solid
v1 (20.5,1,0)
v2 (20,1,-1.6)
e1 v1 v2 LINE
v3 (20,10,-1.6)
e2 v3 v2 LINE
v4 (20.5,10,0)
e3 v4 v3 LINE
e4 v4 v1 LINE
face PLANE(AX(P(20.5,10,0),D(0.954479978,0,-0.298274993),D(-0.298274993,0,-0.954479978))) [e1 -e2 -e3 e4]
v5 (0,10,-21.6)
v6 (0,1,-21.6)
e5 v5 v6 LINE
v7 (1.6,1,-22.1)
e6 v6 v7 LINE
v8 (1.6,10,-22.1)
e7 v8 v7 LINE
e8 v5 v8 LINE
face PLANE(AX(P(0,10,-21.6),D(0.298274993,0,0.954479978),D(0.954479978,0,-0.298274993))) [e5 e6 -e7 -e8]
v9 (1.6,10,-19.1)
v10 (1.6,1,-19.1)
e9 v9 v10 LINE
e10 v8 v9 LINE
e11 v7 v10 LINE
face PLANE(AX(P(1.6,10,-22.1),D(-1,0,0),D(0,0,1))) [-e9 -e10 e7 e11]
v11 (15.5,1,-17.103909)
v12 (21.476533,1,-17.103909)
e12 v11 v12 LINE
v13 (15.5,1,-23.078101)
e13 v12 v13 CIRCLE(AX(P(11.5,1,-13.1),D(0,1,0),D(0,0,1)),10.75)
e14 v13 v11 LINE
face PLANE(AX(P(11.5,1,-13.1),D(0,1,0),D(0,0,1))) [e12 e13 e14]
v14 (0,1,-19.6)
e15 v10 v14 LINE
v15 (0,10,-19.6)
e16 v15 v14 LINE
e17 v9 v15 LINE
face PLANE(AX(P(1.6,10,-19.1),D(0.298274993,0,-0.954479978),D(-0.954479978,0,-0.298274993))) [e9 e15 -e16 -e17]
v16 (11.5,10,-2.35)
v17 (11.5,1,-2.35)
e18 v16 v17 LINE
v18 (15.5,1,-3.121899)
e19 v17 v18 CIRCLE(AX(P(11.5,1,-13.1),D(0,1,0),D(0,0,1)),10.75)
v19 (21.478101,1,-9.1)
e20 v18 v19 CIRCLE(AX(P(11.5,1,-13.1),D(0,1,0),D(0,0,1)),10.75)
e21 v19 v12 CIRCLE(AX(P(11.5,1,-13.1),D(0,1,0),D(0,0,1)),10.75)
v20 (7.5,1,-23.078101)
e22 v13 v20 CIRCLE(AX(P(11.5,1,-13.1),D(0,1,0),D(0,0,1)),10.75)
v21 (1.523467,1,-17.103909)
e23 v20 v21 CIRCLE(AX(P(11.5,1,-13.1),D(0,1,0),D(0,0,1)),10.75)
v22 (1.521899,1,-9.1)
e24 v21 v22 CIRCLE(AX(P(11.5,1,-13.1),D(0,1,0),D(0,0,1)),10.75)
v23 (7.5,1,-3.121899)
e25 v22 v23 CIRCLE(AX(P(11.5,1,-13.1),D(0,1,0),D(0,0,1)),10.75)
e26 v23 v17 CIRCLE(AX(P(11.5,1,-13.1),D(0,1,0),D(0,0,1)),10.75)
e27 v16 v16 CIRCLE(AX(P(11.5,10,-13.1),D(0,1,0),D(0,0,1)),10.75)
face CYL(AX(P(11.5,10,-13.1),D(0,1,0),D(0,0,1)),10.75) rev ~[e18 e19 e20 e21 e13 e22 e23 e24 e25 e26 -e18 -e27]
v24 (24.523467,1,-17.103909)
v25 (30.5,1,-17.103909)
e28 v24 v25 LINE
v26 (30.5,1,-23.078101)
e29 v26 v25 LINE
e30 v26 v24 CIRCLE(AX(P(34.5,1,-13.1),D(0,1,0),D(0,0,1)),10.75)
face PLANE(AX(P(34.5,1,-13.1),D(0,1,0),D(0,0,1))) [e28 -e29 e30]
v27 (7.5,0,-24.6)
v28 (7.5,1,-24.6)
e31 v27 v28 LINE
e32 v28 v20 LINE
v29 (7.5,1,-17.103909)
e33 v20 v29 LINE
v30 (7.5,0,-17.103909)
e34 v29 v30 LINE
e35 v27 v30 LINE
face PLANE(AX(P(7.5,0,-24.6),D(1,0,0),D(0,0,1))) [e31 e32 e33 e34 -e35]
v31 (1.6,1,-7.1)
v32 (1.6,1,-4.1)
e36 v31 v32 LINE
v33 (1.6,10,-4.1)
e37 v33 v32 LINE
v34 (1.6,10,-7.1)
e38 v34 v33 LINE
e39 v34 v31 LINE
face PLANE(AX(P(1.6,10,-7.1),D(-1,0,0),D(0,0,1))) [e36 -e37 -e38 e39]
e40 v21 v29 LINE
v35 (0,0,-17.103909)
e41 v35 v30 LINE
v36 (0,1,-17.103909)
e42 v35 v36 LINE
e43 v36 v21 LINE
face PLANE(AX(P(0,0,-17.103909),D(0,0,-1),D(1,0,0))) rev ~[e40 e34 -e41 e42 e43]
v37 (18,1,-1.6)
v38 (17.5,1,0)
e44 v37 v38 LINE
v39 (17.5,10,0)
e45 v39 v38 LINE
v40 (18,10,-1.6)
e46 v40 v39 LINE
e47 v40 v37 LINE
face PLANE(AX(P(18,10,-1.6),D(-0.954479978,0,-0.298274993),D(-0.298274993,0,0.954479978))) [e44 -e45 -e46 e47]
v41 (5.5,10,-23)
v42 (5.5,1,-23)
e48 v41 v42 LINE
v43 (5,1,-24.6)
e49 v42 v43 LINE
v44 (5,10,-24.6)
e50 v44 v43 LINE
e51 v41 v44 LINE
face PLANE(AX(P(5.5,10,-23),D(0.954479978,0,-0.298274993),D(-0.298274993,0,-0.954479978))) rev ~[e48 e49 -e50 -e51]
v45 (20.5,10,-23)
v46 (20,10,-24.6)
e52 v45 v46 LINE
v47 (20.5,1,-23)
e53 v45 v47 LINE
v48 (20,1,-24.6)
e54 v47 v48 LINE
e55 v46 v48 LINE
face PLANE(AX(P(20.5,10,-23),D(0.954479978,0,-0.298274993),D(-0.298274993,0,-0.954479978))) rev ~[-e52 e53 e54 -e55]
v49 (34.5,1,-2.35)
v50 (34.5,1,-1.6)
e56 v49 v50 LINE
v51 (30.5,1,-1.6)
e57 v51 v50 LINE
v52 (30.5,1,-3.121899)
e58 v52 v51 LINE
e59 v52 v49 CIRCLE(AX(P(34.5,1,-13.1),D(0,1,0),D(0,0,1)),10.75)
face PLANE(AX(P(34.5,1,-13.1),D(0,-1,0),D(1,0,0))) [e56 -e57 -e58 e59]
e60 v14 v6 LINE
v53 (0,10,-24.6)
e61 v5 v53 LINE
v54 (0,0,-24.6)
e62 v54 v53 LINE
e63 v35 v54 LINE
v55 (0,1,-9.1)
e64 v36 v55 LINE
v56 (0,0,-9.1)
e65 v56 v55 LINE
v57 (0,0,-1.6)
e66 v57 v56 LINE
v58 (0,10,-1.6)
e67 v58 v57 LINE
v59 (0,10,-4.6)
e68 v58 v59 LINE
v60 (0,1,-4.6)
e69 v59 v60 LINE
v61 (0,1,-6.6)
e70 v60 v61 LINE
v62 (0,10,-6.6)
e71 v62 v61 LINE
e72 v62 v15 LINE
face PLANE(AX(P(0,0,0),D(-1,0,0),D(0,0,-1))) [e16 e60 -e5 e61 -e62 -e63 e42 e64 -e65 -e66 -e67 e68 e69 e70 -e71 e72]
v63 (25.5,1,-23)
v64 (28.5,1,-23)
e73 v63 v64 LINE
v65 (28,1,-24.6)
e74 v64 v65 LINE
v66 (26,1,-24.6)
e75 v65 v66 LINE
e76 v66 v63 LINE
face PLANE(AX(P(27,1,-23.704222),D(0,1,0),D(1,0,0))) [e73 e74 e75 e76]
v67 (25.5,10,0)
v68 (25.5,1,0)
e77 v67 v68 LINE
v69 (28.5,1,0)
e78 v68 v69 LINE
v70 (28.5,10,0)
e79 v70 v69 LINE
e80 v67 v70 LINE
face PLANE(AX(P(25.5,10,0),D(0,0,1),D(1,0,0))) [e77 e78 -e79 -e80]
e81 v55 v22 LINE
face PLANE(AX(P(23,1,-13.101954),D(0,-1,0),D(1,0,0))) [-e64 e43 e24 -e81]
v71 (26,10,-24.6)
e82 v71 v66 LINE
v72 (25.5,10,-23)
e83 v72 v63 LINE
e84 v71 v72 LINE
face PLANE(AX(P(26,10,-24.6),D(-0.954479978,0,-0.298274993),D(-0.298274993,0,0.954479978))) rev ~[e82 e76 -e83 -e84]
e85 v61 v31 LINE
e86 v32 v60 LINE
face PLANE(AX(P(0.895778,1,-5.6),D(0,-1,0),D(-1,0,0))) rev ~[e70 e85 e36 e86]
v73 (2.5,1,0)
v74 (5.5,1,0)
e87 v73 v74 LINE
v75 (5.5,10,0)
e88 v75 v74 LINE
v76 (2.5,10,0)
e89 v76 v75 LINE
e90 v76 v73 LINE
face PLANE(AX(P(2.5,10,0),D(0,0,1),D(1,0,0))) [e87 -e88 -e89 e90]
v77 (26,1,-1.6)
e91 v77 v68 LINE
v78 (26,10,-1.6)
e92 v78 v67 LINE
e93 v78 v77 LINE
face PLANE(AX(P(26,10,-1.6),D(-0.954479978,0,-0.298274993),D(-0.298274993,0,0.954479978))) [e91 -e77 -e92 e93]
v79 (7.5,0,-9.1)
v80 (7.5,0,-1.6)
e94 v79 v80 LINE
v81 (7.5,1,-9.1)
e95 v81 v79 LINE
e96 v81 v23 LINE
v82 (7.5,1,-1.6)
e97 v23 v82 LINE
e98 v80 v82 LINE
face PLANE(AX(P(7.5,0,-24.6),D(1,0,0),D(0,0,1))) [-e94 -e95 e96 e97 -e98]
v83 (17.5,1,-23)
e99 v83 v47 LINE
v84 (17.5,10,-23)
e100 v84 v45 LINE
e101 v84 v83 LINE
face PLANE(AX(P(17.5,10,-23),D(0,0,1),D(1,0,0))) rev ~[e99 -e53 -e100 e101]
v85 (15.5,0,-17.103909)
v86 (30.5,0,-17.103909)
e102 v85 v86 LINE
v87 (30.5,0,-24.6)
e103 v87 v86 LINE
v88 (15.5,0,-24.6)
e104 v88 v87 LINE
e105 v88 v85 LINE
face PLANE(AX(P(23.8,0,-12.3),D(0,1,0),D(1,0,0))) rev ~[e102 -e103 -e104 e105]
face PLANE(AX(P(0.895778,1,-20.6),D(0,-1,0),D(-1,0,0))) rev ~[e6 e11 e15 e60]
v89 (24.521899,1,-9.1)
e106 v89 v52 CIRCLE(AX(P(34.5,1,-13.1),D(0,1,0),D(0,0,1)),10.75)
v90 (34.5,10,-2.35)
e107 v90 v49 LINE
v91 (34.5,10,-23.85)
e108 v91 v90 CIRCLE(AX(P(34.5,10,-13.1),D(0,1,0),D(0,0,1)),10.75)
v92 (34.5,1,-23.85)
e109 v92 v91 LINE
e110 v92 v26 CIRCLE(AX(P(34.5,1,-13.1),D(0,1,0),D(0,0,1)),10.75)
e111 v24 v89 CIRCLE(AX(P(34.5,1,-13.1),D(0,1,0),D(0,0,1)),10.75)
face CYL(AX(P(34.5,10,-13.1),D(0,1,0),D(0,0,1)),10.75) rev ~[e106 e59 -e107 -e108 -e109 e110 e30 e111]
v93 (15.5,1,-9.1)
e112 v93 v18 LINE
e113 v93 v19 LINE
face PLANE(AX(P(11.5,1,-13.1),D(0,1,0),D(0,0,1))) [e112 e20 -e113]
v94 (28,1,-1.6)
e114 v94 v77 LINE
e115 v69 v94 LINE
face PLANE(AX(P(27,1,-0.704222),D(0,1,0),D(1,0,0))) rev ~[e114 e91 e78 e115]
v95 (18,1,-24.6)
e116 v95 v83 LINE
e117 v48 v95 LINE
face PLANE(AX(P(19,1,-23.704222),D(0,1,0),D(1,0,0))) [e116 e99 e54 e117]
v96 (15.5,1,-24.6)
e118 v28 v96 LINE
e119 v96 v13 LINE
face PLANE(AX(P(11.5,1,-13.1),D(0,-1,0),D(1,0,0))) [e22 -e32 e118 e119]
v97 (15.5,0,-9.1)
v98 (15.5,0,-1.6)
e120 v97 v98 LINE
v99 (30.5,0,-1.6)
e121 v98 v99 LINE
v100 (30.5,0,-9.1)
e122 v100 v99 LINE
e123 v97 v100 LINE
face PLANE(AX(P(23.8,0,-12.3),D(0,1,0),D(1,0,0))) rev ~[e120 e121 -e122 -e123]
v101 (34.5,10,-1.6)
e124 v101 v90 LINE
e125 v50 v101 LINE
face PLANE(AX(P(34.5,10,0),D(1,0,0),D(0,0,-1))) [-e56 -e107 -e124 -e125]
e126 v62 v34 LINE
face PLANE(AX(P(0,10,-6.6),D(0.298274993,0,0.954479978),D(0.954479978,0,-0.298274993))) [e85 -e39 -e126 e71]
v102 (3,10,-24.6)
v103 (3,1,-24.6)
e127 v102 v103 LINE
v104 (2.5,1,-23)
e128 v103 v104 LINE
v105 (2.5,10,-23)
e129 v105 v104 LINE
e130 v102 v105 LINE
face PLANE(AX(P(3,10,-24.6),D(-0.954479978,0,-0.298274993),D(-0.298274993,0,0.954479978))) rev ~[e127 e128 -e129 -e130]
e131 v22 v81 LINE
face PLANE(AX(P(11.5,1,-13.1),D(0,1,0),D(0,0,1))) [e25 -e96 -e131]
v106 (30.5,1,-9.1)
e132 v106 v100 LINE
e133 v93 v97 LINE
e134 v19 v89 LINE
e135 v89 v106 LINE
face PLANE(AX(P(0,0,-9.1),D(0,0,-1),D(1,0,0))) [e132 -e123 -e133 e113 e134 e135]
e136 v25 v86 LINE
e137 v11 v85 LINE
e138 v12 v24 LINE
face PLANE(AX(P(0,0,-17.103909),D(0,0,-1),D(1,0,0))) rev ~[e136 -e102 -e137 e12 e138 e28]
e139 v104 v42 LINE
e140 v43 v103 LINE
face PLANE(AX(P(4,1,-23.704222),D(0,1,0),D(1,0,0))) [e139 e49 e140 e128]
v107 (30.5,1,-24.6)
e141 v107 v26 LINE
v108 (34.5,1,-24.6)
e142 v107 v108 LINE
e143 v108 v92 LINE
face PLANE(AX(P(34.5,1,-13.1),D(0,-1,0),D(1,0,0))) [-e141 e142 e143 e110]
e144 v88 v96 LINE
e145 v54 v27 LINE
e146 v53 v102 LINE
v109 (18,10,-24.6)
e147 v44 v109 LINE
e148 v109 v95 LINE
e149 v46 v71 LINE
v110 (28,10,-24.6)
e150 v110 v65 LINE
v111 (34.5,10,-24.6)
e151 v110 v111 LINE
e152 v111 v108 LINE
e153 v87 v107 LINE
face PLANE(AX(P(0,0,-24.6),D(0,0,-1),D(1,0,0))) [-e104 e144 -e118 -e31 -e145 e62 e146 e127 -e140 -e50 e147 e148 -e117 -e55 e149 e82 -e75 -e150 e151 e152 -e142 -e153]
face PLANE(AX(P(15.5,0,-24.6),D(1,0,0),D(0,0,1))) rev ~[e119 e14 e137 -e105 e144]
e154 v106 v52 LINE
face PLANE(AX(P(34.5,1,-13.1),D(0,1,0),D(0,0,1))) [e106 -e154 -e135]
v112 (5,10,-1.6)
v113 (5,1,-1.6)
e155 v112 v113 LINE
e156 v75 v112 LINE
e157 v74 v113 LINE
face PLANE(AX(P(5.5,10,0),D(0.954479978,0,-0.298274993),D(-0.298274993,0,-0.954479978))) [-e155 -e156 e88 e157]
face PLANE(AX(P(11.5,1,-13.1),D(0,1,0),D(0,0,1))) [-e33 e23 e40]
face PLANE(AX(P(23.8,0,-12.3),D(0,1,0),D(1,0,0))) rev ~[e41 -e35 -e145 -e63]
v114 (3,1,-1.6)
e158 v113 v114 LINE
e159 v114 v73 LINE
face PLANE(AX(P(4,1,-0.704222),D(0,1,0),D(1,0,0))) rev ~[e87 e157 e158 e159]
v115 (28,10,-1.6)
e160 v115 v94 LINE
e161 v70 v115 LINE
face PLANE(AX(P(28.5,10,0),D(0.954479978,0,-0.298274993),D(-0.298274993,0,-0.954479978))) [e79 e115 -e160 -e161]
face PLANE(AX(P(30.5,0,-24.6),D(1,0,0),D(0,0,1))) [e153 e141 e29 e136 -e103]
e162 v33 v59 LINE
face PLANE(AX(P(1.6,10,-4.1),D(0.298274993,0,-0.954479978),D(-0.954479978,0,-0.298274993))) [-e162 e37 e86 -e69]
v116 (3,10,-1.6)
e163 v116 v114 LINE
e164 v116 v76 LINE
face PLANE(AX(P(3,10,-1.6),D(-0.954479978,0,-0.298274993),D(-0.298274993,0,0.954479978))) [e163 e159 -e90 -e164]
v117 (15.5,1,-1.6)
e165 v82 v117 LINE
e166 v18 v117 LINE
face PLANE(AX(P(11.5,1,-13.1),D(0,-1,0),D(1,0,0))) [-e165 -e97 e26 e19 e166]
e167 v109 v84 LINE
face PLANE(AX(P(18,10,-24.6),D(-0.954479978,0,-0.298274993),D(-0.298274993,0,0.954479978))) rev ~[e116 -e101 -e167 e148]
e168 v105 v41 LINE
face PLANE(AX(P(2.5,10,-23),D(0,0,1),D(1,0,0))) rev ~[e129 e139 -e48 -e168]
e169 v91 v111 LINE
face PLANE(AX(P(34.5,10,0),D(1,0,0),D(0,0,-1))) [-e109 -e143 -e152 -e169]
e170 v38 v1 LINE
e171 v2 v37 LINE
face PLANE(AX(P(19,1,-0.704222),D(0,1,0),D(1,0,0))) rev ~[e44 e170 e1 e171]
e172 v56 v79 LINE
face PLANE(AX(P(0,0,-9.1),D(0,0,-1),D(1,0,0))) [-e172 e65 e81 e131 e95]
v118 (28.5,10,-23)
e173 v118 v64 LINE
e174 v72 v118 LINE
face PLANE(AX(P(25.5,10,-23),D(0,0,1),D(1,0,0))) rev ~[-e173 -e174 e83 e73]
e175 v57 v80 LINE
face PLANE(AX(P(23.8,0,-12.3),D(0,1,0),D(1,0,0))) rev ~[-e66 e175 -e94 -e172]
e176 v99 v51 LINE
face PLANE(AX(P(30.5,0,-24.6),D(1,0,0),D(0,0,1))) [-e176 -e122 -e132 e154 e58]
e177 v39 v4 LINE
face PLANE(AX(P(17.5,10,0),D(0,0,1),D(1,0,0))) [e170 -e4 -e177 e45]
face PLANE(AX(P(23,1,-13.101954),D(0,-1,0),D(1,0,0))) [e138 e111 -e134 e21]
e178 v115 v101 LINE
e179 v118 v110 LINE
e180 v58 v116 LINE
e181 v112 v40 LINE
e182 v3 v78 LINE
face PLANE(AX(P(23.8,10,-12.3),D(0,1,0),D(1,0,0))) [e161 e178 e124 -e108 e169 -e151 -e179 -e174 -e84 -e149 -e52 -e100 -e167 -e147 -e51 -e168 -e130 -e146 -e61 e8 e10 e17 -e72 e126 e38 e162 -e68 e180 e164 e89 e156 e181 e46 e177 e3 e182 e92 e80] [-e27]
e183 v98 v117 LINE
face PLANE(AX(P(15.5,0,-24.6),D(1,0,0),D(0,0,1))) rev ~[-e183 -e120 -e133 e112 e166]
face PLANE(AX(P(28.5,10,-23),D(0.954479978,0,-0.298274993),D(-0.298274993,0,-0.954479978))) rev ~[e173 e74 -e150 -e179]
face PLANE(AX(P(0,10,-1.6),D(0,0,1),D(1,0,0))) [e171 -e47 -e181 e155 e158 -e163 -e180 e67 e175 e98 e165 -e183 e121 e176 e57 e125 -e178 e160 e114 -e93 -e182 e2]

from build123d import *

# Parameters (mm, degrees)
SKETCH1_W           = 47.6
SKETCH1_H           = 24.6
BOSS_EXTRUDE1_DEPTH = 10
SKETCH2_R           = 10.75
CUT_EXTRUDE1_DEPTH  = 9
CUT_EXTRUDE2_DEPTH  = 9
SKETCH5_W           = 1.6
SKETCH5_H           = 24.6
CUT_EXTRUDE3_DEPTH  = 10
SKETCH6_W           = 46
SKETCH6_H           = 1.6
CUT_EXTRUDE4_DEPTH  = 10
BOSS_EXTRUDE2_DEPTH = 9
SKETCH10_W          = 46
SKETCH10_H          = 8.003908937
CUT_EXTRUDE5_DEPTH  = 1
SKETCH11_W          = 8
SKETCH11_H          = 23
CUT_EXTRUDE6_DEPTH  = 1
SKETCH12_W          = 13.355704333
SKETCH12_H          = 24.6
CUT_EXTRUDE8_DEPTH  = 10


with BuildPart() as part:
    # Sketch1 → Boss-Extrude1 (new body)
    with BuildSketch(Plane(origin=(0, 0, 0), x_dir=(1, 0, 0), z_dir=(0, 1, 0))):
        with Locations((23.8, 12.3)):
            Rectangle(SKETCH1_W, SKETCH1_H)
    extrude(amount=BOSS_EXTRUDE1_DEPTH)

    # Sketch2 → Cut-Extrude1 (cut)
    with BuildSketch(Plane(origin=(0, 10, 0), x_dir=(1, 0, 0), z_dir=(0, 1, 0))):
        with Locations(Location((11.5, 13.1, 0), (0, 0, 270))):
            Circle(SKETCH2_R)
        with Locations(Location((34.5, 13.1, 0), (0, 0, 270))):
            Circle(SKETCH2_R)
    extrude(amount=-CUT_EXTRUDE1_DEPTH, mode=Mode.SUBTRACT)

    # Sketch3 → Cut-Extrude2 (cut)
    with BuildSketch(Plane(origin=(0, 10, 0), x_dir=(1, 0, 0), z_dir=(0, 1, 0))):
        Polygon((3, 24.6), (2.5, 23), (5.5, 23), (5, 24.6), align=None)
        Polygon((18, 24.6), (17.5, 23), (20.5, 23), (20, 24.6), align=None)
        Polygon((26, 24.6), (25.5, 23), (28.5, 23), (28, 24.6), align=None)
        Polygon((41, 24.6), (40.5, 23), (43.5, 23), (43, 24.6), align=None)
        Polygon((0, 21.6), (1.6, 22.1), (1.6, 19.1), (0, 19.6), align=None)
        Polygon((0, 6.6), (1.6, 7.1), (1.6, 4.1), (0, 4.6), align=None)
    extrude(amount=-CUT_EXTRUDE2_DEPTH, mode=Mode.SUBTRACT)

    # Sketch5 → Cut-Extrude3 (cut)
    with BuildSketch(Plane(origin=(0, 10, 0), x_dir=(1, 0, 0), z_dir=(0, 1, 0))):
        with Locations((46.8, 12.3)):
            Rectangle(SKETCH5_W, SKETCH5_H)
    extrude(amount=-CUT_EXTRUDE3_DEPTH, mode=Mode.SUBTRACT)

    # Sketch6 → Cut-Extrude4 (cut)
    with BuildSketch(Plane(origin=(0, 10, 0), x_dir=(1, 0, 0), z_dir=(0, 1, 0))):
        with Locations((23, 0.8)):
            Rectangle(SKETCH6_W, SKETCH6_H)
    extrude(amount=-CUT_EXTRUDE4_DEPTH, mode=Mode.SUBTRACT)

    # Sketch7 → Boss-Extrude2 (add)
    with BuildSketch(Plane(origin=(0, 10, 0), x_dir=(1, 0, 0), z_dir=(0, 1, 0))):
        Polygon((46, 21.6), (47.6, 22.1), (47.6, 19.1), (46, 19.6), align=None)
        Polygon((46, 6.6), (47.6, 7.1), (47.6, 4.1), (46, 4.6), align=None)
        Polygon((3, 1.6), (2.5, 0), (5.5, 0), (5, 1.6), align=None)
        Polygon((18, 1.6), (17.5, 0), (20.5, 0), (20, 1.6), align=None)
        Polygon((26, 1.6), (25.5, 0), (28.5, 0), (28, 1.6), align=None)
        Polygon((41, 1.6), (40.5, 0), (43.5, 0), (43, 1.6), align=None)
    extrude(amount=-BOSS_EXTRUDE2_DEPTH)

    # Sketch10 → Cut-Extrude5 (cut)
    with BuildSketch(Plane.XZ):
        with Locations((23, -13.101954469)):
            Rectangle(SKETCH10_W, SKETCH10_H)
    extrude(amount=-CUT_EXTRUDE5_DEPTH, mode=Mode.SUBTRACT)

    # Sketch11 → Cut-Extrude6 (cut)
    with BuildSketch(Plane.XZ):
        with Locations((11.5, -13.1)):
            Rectangle(SKETCH11_W, SKETCH11_H)
        with Locations((34.5, -13.1)):
            Rectangle(SKETCH11_W, SKETCH11_H)
    extrude(amount=-CUT_EXTRUDE6_DEPTH, mode=Mode.SUBTRACT)

    # Sketch12 → Cut-Extrude8 (cut)
    with BuildSketch(Plane(origin=(0, 10, 0), x_dir=(1, 0, 0), z_dir=(0, 1, 0))):
        with Locations((41.177852167, 12.3)):
            Rectangle(SKETCH12_W, SKETCH12_H)
    extrude(amount=-CUT_EXTRUDE8_DEPTH, mode=Mode.SUBTRACT)


solid = part.part
